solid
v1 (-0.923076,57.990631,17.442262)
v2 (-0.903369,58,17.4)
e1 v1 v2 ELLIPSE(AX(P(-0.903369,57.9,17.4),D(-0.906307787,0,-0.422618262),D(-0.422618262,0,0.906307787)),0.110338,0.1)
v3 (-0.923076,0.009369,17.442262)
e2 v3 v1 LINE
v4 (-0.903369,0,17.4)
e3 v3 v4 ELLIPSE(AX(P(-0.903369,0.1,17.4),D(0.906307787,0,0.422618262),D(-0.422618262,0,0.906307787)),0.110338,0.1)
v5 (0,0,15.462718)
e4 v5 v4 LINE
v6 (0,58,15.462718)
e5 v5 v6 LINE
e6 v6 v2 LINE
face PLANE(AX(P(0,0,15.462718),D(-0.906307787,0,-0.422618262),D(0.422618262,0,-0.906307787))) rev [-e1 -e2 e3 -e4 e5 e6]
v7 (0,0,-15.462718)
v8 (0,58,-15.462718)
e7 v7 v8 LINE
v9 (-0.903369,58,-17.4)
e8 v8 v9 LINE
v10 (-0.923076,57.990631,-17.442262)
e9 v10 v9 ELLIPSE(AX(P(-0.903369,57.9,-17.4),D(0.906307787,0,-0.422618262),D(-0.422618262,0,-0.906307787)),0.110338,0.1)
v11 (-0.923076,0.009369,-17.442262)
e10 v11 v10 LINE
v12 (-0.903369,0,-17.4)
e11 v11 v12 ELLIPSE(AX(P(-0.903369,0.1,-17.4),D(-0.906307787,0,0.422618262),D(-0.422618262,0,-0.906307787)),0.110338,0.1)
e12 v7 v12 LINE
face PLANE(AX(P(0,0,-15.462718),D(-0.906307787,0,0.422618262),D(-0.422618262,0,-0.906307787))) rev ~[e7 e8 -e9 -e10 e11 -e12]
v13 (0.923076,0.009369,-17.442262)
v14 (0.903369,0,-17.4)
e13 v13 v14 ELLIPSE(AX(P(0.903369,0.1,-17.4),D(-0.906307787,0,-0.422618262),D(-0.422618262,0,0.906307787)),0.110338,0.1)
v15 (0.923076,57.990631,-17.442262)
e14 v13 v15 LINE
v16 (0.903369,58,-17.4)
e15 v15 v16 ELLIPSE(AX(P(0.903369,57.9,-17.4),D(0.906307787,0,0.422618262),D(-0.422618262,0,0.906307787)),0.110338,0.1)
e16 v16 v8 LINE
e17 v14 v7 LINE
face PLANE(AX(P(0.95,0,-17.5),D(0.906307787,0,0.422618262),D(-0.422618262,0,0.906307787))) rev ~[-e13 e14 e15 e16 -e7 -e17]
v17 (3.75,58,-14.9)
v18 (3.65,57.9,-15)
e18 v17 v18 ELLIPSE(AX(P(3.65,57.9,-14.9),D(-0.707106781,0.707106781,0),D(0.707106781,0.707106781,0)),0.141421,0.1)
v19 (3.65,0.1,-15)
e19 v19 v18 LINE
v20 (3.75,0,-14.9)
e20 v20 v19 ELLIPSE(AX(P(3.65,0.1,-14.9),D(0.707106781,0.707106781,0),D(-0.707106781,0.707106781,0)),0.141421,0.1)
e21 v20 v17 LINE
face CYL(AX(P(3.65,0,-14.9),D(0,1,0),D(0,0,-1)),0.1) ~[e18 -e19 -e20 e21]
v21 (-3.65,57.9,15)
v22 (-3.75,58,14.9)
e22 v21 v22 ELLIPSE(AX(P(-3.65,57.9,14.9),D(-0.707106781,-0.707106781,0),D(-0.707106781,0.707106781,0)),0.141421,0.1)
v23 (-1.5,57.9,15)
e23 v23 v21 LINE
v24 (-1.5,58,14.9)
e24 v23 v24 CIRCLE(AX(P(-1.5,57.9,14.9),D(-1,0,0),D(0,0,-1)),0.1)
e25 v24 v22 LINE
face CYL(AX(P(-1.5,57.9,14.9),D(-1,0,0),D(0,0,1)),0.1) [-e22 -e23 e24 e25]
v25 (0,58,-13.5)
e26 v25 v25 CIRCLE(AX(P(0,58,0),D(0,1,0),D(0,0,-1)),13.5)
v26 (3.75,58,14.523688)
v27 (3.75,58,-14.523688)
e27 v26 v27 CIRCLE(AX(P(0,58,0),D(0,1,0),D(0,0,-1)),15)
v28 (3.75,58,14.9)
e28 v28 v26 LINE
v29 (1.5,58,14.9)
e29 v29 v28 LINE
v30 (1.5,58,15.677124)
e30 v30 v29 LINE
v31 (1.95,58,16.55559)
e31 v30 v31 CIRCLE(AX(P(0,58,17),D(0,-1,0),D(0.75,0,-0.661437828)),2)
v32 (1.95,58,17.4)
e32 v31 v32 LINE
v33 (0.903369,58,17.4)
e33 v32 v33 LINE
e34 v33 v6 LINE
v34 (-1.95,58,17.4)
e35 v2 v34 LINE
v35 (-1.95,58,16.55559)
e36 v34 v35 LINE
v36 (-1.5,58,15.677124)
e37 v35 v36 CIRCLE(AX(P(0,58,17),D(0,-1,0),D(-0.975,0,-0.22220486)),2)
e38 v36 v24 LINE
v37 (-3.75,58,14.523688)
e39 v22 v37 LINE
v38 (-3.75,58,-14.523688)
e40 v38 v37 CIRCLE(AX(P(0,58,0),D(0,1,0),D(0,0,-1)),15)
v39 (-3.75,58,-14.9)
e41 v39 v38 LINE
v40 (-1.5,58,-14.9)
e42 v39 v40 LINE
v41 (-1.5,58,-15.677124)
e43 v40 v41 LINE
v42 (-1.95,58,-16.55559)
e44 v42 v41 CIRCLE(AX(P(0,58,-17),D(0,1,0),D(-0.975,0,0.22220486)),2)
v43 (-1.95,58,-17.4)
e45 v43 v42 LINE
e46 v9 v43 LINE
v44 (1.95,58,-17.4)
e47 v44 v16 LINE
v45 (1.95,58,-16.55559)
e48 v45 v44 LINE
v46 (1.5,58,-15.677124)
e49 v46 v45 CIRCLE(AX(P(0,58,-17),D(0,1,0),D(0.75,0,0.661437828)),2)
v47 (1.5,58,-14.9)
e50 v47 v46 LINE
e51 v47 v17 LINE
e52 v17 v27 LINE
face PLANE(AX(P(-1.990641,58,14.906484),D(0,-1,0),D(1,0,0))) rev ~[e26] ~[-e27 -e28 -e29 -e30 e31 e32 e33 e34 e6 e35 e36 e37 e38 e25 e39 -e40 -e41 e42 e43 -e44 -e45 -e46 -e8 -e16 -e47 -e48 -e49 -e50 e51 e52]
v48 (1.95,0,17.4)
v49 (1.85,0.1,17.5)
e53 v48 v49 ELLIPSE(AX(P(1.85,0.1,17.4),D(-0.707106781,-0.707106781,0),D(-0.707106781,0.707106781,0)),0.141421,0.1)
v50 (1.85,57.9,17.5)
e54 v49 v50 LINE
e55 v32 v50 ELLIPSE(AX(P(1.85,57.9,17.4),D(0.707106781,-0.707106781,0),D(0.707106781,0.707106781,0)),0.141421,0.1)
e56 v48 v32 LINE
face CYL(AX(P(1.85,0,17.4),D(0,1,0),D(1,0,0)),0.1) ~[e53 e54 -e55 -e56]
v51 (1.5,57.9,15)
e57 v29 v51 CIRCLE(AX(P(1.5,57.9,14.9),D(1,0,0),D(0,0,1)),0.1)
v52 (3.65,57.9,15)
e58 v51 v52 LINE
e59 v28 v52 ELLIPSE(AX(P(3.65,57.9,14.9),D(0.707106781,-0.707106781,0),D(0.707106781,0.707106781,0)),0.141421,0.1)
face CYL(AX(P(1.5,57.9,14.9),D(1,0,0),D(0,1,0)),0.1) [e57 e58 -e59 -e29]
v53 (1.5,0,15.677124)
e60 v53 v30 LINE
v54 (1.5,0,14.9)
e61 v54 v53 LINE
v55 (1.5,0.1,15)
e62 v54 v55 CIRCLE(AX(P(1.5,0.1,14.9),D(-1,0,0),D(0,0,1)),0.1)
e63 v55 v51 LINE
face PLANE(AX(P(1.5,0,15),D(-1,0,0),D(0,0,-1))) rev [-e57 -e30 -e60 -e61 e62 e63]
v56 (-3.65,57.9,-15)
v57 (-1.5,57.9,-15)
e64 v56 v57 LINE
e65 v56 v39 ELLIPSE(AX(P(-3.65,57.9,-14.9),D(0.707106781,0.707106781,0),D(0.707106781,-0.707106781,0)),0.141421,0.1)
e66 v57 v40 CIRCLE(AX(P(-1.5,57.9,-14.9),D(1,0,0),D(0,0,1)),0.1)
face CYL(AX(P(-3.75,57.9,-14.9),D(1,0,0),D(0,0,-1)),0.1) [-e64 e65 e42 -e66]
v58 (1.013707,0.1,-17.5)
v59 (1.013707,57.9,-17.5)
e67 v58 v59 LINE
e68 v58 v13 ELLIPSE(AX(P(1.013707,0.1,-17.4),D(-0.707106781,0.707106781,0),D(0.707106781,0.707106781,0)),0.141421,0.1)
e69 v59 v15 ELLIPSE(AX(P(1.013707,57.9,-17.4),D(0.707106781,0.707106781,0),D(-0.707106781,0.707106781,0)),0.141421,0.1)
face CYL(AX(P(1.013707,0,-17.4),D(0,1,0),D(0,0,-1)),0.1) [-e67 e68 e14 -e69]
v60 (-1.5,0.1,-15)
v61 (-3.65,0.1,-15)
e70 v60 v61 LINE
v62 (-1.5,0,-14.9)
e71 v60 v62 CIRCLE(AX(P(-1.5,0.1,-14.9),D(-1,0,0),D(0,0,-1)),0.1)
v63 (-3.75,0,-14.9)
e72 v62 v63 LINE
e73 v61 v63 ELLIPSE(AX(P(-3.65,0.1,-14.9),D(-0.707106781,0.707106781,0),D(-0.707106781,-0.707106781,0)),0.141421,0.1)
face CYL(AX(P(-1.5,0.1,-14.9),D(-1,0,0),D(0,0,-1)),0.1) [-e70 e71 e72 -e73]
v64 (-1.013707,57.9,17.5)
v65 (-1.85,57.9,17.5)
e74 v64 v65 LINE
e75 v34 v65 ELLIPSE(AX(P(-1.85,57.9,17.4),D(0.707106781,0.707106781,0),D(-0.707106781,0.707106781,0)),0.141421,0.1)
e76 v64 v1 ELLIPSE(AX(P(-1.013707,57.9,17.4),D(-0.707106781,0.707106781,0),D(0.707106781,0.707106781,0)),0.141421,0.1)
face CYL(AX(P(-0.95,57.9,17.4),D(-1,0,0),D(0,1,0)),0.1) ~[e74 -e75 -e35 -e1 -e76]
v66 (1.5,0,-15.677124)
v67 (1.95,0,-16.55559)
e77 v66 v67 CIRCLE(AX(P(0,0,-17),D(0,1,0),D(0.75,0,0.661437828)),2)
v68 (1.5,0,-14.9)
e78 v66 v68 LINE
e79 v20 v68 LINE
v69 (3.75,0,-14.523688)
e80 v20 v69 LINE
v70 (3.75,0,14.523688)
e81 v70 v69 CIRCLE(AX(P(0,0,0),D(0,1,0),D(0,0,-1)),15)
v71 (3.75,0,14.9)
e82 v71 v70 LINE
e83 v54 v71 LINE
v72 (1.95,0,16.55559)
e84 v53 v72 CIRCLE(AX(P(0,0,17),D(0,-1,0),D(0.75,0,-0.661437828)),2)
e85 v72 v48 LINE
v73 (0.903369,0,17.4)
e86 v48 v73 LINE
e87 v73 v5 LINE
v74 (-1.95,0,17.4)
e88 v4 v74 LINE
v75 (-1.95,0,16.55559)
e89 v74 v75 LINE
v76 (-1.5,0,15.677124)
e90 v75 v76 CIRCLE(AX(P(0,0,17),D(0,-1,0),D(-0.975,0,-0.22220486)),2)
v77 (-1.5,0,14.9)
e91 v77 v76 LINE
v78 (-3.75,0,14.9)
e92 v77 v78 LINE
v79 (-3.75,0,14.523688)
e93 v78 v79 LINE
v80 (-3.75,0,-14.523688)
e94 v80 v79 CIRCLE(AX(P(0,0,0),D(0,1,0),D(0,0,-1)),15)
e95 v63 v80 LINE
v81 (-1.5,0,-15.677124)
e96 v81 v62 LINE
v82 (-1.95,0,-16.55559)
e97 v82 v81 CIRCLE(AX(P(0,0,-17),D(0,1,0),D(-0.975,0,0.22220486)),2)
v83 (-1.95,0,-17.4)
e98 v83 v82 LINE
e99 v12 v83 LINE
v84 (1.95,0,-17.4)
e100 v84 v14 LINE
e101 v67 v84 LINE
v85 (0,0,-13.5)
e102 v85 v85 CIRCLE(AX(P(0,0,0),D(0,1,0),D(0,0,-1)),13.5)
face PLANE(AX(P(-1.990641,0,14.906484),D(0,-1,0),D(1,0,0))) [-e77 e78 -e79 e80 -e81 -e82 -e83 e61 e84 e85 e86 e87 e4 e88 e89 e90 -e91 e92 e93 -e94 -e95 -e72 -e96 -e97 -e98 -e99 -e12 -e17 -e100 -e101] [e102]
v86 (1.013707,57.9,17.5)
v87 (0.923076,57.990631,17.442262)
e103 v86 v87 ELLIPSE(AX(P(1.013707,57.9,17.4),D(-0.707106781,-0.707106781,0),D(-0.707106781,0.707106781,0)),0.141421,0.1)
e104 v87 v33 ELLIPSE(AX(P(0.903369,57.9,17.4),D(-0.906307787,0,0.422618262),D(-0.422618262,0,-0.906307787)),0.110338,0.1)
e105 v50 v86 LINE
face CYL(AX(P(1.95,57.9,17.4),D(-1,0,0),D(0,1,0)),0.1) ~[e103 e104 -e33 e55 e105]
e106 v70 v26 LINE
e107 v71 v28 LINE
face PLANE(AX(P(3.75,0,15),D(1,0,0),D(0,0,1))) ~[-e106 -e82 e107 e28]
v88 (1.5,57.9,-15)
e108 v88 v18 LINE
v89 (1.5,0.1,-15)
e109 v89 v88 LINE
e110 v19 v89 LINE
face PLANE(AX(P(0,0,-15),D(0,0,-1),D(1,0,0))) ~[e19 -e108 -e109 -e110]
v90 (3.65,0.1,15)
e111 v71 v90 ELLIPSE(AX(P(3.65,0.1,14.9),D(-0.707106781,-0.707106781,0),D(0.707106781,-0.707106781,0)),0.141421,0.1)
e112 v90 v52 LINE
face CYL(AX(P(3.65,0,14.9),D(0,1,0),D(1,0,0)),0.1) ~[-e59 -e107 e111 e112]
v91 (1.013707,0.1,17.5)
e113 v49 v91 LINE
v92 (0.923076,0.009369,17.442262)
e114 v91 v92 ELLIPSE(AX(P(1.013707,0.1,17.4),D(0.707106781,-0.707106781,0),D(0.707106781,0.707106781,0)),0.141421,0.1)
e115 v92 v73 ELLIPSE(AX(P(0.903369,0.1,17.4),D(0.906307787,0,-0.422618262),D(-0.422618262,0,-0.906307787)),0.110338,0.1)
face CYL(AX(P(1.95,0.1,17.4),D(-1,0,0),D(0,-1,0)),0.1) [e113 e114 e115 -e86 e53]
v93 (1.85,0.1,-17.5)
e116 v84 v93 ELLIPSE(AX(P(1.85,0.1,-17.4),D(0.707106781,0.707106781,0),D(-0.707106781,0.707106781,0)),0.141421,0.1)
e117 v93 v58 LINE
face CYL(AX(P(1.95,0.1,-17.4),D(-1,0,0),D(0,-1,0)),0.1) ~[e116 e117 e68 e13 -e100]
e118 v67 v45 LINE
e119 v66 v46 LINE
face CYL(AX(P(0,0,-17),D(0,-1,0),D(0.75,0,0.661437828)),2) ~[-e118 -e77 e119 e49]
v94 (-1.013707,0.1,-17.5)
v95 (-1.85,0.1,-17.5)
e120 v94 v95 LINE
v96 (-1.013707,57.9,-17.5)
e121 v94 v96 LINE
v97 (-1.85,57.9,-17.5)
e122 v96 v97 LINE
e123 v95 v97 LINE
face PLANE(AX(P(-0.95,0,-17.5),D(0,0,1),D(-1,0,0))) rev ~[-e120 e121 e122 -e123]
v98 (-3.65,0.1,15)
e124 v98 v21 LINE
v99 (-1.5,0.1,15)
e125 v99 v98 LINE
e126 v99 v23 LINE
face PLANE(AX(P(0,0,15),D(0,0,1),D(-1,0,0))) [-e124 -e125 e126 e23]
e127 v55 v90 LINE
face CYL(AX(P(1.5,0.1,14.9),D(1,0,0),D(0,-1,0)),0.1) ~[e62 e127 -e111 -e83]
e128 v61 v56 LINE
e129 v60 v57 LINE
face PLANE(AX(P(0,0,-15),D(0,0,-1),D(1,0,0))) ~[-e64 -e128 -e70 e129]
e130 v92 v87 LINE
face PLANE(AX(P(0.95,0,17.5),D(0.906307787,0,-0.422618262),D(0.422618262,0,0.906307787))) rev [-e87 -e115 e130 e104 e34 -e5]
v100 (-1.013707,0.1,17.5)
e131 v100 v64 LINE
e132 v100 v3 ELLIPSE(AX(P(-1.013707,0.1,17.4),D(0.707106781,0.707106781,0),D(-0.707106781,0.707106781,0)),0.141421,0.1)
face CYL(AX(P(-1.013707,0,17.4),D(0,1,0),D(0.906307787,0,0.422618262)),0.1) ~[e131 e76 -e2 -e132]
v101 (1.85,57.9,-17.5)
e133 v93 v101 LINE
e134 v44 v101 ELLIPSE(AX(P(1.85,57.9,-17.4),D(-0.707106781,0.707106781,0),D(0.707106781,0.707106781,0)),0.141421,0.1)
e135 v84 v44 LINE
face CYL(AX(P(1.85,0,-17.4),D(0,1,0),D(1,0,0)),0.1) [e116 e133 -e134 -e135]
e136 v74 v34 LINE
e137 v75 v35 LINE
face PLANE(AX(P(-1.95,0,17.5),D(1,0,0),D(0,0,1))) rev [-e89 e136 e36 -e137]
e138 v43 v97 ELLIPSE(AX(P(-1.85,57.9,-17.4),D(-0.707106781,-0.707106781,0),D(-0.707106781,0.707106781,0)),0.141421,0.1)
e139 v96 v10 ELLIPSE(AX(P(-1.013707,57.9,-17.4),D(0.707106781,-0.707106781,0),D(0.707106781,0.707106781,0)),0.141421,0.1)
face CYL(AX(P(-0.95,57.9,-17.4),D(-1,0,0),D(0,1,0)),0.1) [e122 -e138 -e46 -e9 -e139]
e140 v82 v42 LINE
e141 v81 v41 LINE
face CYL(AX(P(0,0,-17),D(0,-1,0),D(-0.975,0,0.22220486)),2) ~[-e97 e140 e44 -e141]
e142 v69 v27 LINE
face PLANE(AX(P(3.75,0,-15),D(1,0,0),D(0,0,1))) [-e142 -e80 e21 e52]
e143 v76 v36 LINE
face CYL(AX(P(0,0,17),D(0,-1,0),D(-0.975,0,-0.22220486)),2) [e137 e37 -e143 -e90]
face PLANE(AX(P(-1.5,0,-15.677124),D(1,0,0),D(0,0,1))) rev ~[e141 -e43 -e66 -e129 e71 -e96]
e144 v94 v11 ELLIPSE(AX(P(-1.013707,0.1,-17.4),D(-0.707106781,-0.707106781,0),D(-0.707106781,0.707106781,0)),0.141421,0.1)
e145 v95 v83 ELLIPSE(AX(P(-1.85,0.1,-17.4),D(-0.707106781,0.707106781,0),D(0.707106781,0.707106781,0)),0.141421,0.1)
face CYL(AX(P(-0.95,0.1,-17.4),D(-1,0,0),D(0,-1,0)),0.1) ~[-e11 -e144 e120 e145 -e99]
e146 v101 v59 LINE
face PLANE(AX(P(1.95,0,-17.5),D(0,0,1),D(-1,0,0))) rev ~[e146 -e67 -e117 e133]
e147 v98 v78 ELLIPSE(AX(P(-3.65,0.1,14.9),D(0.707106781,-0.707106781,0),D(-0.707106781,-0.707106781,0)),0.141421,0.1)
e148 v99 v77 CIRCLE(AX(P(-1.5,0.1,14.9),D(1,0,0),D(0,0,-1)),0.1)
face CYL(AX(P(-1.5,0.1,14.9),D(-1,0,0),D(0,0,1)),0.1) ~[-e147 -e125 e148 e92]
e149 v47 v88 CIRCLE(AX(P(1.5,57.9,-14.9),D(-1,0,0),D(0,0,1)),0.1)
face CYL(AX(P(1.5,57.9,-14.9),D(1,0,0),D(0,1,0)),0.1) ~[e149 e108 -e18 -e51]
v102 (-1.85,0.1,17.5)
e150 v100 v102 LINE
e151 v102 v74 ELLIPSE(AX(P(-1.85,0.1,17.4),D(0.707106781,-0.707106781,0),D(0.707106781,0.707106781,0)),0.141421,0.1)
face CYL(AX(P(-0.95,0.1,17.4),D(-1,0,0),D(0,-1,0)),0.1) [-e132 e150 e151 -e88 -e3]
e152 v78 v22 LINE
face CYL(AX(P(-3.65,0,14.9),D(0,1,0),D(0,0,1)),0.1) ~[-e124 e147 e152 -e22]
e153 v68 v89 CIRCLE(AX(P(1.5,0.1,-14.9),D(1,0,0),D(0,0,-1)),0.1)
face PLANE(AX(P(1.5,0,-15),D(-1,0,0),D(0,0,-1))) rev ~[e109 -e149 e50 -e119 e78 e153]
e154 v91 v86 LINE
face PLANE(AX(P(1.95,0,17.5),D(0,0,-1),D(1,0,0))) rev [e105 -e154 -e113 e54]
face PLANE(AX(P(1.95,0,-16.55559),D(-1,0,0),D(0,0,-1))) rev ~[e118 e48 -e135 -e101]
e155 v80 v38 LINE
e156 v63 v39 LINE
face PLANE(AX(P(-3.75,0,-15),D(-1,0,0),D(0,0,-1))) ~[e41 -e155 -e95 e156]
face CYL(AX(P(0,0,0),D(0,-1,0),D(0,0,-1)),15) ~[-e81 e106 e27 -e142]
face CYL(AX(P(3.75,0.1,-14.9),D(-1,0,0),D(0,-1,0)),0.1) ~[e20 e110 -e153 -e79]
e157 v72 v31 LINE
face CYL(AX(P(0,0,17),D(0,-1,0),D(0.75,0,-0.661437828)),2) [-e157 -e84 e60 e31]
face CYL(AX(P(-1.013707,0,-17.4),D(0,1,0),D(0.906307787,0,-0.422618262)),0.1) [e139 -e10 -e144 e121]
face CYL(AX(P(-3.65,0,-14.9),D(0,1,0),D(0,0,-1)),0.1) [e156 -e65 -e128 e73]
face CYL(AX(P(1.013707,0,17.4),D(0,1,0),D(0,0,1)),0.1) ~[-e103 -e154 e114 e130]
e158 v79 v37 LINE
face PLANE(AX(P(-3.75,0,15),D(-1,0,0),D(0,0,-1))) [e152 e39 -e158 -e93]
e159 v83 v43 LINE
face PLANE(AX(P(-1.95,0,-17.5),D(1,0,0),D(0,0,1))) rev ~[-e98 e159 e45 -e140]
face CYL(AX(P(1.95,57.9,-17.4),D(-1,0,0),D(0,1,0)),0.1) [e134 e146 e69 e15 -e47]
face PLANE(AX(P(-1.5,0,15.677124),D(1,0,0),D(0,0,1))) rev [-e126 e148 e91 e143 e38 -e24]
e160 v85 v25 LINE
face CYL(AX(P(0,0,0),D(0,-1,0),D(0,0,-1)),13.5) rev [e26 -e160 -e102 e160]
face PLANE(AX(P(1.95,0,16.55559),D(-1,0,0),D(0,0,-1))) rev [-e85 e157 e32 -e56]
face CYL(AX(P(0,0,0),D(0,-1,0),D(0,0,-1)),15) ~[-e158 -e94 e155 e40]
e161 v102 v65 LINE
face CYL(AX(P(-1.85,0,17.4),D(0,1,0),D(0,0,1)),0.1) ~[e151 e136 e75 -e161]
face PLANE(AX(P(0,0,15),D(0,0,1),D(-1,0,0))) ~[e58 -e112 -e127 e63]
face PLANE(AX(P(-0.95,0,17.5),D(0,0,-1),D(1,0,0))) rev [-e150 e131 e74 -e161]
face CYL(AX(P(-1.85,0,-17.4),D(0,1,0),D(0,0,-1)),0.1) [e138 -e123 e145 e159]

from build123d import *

# Parameters (mm, degrees)
SKETCH_1_R             = 15
SKETCH_1_R_2           = 13.5
EXTRUDE_1_DEPTH        = 58
EXTRUDE_2_DEPTH        = 58
EXTRUDE_3_DEPTH        = 58
FILLET_1_R             = 0.1
MIRROR_2_COPY_1_DEPTH  = 58
FILLET_1_OF_MIRROR_2_R = 0.1


with BuildPart() as part:
    # 草图1 → 凸台-拉伸1 (new body)
    with BuildSketch(Plane(origin=(0, 0, 0), x_dir=(1, 0, 0), z_dir=(0, 1, 0))):
        with Locations(Location((0, 0, 0), (0, 0, 90))):
            Circle(SKETCH_1_R)
        with Locations(Location((0, 0, 0), (0, 0, 90))):
            Circle(SKETCH_1_R_2, mode=Mode.SUBTRACT)
    extrude(amount=EXTRUDE_1_DEPTH)

    # 草图10 → 凸台-拉伸2 (add)
    with BuildSketch(Plane(origin=(0, 0, 0), x_dir=(1, 0, 0), z_dir=(0, 1, 0))):
        with BuildLine():
            Line((0, 15), (3.75, 15))
            Line((3.75, 15), (3.75, 14.523687548))
            ThreePointArc((3.75, 14.523687548), (1.890064387, 14.880445444), (0, 15))
        make_face()
    extrude_2 = extrude(amount=EXTRUDE_2_DEPTH)

    # 镜向1: 凸台-拉伸2 across plane
    add(extrude_2.mirror(Plane(origin=(0, 0, 0), x_dir=(0, 0, 1), z_dir=(1, 0, 0))))

    # 草图11 → 凸台-拉伸3 (add)
    with BuildSketch(Plane(origin=(0, 0, 0), x_dir=(1, 0, 0), z_dir=(0, 1, 0))):
        with BuildLine():
            Line((-1.5, 15), (1.5, 15))
            Line((1.5, 15), (1.5, 15.677124344))
            ThreePointArc((1.5, 15.677124344), (1.780042303, 16.088161527), (1.95, 16.555590279))
            Line((1.95, 16.555590279), (1.95, 17.5))
            Line((1.95, 17.5), (0.95, 17.5))
            Line((0.95, 17.5), (0, 15.462718426))
            Line((0, 15.462718426), (-0.95, 17.5))
            Line((-0.95, 17.5), (-1.95, 17.5))
            Line((-1.95, 17.5), (-1.95, 16.555590279))
            ThreePointArc((-1.95, 16.555590279), (-1.780042303, 16.088161527), (-1.5, 15.677124344))
            Line((-1.5, 15.677124344), (-1.5, 15))
        make_face()
    extrude_3 = extrude(amount=EXTRUDE_3_DEPTH)

    # 圆角1
    fillet_1_edges = [part.edges().sort_by_distance(p)[0] for p in [
        (-0.95, 29, -17.5),
        (-1.45, 58, -17.5),
        (-1.95, 29, -17.5),
        (-1.45, 0, -17.5),
        (1.95, 29, -17.5),
        (1.45, 58, -17.5),
        (0.95, 29, -17.5),
        (1.45, 0, -17.5),
        (-2.625, 58, -15),
        (-2.625, 0, -15),
        (2.625, 58, -15),
        (2.625, 0, -15),
        (3.75, 29, -15),
        (-3.75, 29, -15),
    ]]
    fillet(fillet_1_edges, radius=FILLET_1_R)

    # 镜向2: 凸台-拉伸2, 凸台-拉伸3 across plane
    add(extrude_2.mirror(Plane.XY))
    add(extrude_3.mirror(Plane.XY))

    # 镜向2 copy 1 sketch → 镜向2 copy 1 (add)
    with BuildSketch(Plane(origin=(0, 0, 0), x_dir=(-1, 0, 0), z_dir=(0, 1, 0))):
        with BuildLine():
            Line((0, 15), (3.75, 15))
            Line((3.75, 15), (3.75, 14.523687548))
            ThreePointArc((3.75, 14.523687548), (1.890064387, 14.880445444), (0, 15))
        make_face()
    extrude(amount=MIRROR_2_COPY_1_DEPTH)

    # 圆角1 of 镜向2
    fillet_1_of_mirror_2_edges = [part.edges().sort_by_distance(p)[0] for p in [
        (-0.95, 29, 17.5),
        (-1.45, 58, 17.5),
        (-1.95, 29, 17.5),
        (-1.45, 0, 17.5),
        (1.95, 29, 17.5),
        (1.45, 58, 17.5),
        (0.95, 29, 17.5),
        (1.45, 0, 17.5),
        (-2.625, 58, 15),
        (-2.625, 0, 15),
        (2.625, 58, 15),
        (2.625, 0, 15),
        (3.75, 29, 15),
        (-3.75, 29, 15),
    ]]
    fillet(fillet_1_of_mirror_2_edges, radius=FILLET_1_OF_MIRROR_2_R)


solid = part.part
